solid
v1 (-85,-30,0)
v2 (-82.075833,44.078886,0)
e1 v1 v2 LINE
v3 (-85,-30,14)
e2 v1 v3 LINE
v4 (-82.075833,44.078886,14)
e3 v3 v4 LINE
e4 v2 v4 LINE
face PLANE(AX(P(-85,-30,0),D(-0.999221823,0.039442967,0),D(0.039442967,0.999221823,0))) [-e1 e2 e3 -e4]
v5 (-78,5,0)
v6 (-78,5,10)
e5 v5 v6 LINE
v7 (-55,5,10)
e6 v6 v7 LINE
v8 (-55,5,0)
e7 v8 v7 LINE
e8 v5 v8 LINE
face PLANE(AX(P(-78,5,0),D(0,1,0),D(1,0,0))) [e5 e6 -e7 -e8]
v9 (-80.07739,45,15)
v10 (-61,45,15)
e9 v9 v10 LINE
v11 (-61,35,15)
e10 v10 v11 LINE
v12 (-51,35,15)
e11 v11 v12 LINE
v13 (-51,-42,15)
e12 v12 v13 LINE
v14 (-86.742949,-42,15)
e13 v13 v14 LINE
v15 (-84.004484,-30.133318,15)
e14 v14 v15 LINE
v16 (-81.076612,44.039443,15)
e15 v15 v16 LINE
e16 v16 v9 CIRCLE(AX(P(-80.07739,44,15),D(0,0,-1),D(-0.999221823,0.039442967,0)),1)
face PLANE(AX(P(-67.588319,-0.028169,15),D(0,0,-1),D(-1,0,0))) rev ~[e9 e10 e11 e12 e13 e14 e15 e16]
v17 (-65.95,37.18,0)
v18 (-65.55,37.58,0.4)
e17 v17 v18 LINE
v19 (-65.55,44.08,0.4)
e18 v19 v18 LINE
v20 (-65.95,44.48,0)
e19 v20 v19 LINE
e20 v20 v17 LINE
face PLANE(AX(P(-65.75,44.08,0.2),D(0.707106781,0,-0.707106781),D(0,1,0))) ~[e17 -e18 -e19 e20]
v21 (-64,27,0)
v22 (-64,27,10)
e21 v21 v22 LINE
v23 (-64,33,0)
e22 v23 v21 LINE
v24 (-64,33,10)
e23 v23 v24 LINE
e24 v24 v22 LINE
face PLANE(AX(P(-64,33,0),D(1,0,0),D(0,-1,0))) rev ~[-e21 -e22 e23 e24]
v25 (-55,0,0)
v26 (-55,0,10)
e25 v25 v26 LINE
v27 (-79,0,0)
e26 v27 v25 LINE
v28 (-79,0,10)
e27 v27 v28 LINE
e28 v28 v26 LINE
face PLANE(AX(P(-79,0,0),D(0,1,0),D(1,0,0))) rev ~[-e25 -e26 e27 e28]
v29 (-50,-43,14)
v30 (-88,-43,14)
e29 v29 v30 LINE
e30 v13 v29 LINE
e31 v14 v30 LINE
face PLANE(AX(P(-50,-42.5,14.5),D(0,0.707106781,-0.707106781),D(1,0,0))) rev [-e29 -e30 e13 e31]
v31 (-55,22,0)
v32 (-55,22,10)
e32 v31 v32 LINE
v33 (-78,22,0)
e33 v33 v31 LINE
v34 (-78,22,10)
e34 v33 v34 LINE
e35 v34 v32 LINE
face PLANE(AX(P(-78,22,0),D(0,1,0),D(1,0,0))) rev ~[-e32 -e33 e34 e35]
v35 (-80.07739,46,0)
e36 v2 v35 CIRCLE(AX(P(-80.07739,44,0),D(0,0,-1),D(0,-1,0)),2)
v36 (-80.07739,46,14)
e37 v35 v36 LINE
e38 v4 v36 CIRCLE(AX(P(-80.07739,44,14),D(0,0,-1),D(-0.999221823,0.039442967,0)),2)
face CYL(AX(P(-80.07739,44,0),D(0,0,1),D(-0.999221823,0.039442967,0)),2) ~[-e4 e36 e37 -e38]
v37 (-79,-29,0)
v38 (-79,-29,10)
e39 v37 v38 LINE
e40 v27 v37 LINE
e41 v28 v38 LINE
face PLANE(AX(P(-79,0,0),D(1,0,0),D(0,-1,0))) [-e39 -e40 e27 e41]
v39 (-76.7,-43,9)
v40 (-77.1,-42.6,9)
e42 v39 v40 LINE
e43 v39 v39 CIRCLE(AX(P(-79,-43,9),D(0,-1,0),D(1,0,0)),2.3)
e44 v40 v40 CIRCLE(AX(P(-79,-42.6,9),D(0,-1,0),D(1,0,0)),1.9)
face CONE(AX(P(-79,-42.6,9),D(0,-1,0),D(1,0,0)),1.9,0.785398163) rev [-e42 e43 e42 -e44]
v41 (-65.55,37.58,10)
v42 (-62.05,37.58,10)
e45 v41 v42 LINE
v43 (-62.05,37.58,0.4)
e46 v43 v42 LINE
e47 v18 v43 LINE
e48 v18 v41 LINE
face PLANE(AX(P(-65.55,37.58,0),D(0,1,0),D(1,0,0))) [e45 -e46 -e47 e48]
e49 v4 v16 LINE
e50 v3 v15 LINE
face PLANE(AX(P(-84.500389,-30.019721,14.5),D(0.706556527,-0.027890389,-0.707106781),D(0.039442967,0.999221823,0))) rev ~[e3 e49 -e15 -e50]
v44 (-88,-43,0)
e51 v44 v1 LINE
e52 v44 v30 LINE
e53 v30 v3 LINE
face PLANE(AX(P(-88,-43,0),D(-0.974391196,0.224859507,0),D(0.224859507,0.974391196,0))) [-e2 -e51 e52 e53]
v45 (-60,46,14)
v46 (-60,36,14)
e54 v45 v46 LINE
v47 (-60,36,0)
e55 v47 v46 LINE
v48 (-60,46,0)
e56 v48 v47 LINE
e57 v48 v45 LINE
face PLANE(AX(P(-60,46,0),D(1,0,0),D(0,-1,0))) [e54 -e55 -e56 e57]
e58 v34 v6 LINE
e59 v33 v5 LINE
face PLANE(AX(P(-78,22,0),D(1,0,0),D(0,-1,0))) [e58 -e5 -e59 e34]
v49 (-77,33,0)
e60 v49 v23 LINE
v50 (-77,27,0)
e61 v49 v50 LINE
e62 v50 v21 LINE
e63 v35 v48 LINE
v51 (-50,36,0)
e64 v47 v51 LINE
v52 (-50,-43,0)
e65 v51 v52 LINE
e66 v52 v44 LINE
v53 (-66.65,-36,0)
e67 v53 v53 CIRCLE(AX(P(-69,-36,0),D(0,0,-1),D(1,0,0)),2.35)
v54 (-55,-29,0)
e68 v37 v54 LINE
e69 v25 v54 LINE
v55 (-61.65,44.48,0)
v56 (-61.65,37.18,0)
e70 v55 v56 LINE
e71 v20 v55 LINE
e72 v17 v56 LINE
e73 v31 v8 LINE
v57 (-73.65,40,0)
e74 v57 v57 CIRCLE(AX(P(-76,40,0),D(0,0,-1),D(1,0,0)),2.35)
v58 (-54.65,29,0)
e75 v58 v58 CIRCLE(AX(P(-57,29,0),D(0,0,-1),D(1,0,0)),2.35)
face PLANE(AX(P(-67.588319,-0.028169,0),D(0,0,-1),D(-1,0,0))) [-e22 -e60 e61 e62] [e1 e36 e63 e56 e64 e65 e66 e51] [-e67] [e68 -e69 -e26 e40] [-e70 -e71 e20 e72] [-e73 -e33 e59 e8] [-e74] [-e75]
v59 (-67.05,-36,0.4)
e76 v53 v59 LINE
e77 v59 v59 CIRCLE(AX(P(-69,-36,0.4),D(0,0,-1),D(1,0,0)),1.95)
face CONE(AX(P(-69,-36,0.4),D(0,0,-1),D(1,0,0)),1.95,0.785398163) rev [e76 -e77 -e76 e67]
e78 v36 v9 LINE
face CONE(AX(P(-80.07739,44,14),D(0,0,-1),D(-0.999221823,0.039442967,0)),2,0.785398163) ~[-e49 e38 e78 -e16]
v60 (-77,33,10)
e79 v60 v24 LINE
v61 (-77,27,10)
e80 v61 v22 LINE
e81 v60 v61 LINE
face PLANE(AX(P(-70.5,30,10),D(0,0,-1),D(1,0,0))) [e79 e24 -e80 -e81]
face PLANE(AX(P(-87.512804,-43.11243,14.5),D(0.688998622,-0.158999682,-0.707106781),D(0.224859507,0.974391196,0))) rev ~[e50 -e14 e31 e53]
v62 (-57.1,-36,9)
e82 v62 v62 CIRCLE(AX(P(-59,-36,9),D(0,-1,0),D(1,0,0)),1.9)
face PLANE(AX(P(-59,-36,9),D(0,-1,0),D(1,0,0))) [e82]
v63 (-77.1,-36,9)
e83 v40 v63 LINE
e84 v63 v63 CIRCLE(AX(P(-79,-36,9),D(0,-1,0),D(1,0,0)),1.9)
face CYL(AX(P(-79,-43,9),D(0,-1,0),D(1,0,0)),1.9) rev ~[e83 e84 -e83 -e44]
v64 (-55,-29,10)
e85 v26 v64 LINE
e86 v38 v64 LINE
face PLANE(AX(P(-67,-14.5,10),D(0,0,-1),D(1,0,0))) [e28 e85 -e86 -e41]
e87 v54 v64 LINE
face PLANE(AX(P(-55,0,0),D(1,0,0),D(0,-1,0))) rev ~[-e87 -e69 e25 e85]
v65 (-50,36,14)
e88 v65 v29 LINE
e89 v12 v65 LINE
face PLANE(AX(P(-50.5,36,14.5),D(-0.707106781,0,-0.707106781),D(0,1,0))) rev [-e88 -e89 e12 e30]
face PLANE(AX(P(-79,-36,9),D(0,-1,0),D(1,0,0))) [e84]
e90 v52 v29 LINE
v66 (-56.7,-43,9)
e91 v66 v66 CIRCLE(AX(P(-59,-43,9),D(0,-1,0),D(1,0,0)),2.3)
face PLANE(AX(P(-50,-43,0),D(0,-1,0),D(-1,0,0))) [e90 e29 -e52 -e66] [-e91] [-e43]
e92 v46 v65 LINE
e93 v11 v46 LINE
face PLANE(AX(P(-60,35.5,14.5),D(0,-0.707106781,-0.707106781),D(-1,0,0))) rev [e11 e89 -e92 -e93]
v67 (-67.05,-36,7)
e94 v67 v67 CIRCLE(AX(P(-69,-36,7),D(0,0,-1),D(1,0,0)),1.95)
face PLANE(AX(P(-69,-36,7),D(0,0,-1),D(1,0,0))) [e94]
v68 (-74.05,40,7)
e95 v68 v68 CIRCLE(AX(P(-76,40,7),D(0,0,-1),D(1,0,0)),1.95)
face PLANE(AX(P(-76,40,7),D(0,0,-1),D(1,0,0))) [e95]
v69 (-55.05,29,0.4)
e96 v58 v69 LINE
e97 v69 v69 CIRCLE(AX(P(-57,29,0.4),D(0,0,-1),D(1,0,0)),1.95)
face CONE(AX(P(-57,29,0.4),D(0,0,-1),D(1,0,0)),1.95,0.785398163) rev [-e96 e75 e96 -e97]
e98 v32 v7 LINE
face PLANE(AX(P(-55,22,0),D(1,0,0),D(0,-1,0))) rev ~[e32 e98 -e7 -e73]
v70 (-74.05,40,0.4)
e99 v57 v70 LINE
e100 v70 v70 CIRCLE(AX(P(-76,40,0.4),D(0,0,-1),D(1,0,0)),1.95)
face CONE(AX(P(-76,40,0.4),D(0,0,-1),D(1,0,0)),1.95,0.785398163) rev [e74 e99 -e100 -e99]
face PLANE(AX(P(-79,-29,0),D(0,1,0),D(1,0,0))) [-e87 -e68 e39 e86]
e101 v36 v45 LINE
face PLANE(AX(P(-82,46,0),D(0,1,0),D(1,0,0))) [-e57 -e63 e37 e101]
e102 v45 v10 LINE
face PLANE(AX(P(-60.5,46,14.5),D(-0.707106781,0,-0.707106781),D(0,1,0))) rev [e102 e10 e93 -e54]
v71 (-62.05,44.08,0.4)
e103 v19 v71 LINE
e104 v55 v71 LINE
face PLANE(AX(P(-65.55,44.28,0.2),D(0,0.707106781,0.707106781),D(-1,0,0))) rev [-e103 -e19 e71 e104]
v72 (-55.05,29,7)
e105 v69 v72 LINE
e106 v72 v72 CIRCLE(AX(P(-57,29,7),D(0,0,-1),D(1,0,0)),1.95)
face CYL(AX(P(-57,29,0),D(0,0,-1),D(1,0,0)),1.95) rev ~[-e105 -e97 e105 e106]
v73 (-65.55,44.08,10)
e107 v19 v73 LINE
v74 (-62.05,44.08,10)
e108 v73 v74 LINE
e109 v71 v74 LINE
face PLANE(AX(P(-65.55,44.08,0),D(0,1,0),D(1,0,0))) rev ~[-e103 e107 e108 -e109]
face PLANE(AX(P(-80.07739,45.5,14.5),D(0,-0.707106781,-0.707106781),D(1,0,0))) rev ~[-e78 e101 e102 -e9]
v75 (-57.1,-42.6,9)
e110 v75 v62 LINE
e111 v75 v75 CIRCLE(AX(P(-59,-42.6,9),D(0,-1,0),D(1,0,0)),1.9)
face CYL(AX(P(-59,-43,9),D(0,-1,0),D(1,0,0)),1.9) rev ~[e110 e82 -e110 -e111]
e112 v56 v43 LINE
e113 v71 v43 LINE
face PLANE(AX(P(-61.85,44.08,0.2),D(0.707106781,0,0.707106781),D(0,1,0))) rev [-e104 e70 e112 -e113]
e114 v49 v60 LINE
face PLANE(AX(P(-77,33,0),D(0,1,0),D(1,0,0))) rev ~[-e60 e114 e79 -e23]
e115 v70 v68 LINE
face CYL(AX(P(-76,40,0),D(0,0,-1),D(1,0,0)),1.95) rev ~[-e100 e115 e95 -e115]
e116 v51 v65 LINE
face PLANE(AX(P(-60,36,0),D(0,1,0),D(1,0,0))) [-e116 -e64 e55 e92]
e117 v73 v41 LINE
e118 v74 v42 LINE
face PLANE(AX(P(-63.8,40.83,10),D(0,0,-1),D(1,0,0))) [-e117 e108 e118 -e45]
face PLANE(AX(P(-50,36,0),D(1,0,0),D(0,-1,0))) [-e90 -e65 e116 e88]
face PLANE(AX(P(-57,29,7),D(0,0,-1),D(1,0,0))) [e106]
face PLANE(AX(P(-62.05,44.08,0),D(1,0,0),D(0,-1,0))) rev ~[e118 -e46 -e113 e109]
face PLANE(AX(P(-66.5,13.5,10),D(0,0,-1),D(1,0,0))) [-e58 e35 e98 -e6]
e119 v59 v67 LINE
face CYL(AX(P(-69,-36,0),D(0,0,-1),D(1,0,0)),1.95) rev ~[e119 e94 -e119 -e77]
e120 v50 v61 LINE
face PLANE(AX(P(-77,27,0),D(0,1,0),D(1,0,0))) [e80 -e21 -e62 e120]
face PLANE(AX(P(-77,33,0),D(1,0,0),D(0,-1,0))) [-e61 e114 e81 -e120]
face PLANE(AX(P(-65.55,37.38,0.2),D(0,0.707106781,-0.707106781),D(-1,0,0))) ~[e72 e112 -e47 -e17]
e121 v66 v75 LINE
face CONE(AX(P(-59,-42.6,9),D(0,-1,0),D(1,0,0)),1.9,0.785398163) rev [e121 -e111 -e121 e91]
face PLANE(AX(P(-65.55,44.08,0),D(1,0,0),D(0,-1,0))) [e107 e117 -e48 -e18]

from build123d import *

# Parameters (mm, degrees)
PAD_DEPTH       = 15
FILLET002_R     = 2
CHAMFER003_SIZE = 1
SKETCH002_R     = 1.9
POCKET_DEPTH    = 7
SKETCH005_W     = 3.5
SKETCH005_H     = 6.5
POCKET003_DEPTH = 10
SKETCH007_R     = 1.95
POCKET005_DEPTH = 7
SKETCH010_W     = 24
SKETCH010_H     = 29
SKETCH010_W_2   = 23
SKETCH010_H_2   = 17
SKETCH010_W_3   = 13
SKETCH010_H_3   = 6
POCKET008_DEPTH = 10
CHAMFER020_SIZE = 0.4


with BuildPart() as part:
    # Sketch → Pad (new body)
    with BuildSketch(Plane.XY):
        Polygon((0, 36), (0, -43), (-38, -43), (-35, -30), (-32, 46), (-10, 46), (-10, 36), align=None)
    extrude(amount=PAD_DEPTH)

    # Fillet002
    fillet002_edges = [part.edges().sort_by_distance(p)[0] for p in [
        (-32, 46, 7.5),
    ]]
    fillet(fillet002_edges, radius=FILLET002_R)

    # Chamfer003
    chamfer003_edges = [part.edges().sort_by_distance(p)[0] for p in [
        (-19, -43, 15),
        (-33.537917, 7.039443, 15),
        (-36.5, -36.5, 15),
        (0, -3.5, 15),
        (-5, 36, 15),
        (-10, 41, 15),
        (-20.038695, 46, 15),
        (-31.463432, 45.441834, 15),
    ]]
    chamfer(chamfer003_edges, length=CHAMFER003_SIZE)

    # Sketch002 (on Face10 of Chamfer003) → Pocket (cut)
    with BuildSketch(Plane.XZ.offset(43)):
        with Locations((-29, 9)):
            Circle(SKETCH002_R)
        with Locations((-9, 9)):
            Circle(SKETCH002_R)
    extrude(amount=-POCKET_DEPTH, mode=Mode.SUBTRACT)

    # Sketch005 (on Face4 of Pocket) → Pocket003 (cut)
    with BuildSketch(Plane(origin=(0, 0, 0), x_dir=(1, 0, 0), z_dir=(0, 0, -1))):
        with Locations((-13.8, -40.83)):
            Rectangle(SKETCH005_W, SKETCH005_H)
    extrude(amount=-POCKET003_DEPTH, mode=Mode.SUBTRACT)

    # Sketch007 (on Face4 of Pocket003) → Pocket005 (cut)
    with BuildSketch(Plane(origin=(0, 0, 0), x_dir=(1, 0, 0), z_dir=(0, 0, -1))):
        with Locations((-19, 36)):
            Circle(SKETCH007_R)
        with Locations((-26, -40)):
            Circle(SKETCH007_R)
        with Locations((-7, -29)):
            Circle(SKETCH007_R)
    extrude(amount=-POCKET005_DEPTH, mode=Mode.SUBTRACT)

    # Sketch010 (on Face4 of Pocket005) → Pocket008 (cut)
    with BuildSketch(Plane(origin=(0, 0, 0), x_dir=(1, 0, 0), z_dir=(0, 0, -1))):
        with Locations((-17, 14.5)):
            Rectangle(SKETCH010_W, SKETCH010_H)
        with Locations((-16.5, -13.5)):
            Rectangle(SKETCH010_W_2, SKETCH010_H_2)
        with Locations((-20.5, -30)):
            Rectangle(SKETCH010_W_3, SKETCH010_H_3)
    extrude(amount=-POCKET008_DEPTH, mode=Mode.SUBTRACT)

    # Chamfer020
    chamfer020_edges = [part.edges().sort_by_distance(p)[0] for p in [
        (-20.95, -36, 0),
        (-27.95, 40, 0),
        (-8.95, 29, 0),
        (-15.55, 40.83, 0),
        (-13.8, 37.58, 0),
        (-12.05, 40.83, 0),
        (-13.8, 44.08, 0),
        (-30.9, -43, 9),
        (-10.9, -43, 9),
    ]]
    chamfer(chamfer020_edges, length=CHAMFER020_SIZE)


with BuildPart() as part_1:
    # Body placement: moved
    add(part.part.moved(Location((-50, 0, 0))))


solid = part_1.part
